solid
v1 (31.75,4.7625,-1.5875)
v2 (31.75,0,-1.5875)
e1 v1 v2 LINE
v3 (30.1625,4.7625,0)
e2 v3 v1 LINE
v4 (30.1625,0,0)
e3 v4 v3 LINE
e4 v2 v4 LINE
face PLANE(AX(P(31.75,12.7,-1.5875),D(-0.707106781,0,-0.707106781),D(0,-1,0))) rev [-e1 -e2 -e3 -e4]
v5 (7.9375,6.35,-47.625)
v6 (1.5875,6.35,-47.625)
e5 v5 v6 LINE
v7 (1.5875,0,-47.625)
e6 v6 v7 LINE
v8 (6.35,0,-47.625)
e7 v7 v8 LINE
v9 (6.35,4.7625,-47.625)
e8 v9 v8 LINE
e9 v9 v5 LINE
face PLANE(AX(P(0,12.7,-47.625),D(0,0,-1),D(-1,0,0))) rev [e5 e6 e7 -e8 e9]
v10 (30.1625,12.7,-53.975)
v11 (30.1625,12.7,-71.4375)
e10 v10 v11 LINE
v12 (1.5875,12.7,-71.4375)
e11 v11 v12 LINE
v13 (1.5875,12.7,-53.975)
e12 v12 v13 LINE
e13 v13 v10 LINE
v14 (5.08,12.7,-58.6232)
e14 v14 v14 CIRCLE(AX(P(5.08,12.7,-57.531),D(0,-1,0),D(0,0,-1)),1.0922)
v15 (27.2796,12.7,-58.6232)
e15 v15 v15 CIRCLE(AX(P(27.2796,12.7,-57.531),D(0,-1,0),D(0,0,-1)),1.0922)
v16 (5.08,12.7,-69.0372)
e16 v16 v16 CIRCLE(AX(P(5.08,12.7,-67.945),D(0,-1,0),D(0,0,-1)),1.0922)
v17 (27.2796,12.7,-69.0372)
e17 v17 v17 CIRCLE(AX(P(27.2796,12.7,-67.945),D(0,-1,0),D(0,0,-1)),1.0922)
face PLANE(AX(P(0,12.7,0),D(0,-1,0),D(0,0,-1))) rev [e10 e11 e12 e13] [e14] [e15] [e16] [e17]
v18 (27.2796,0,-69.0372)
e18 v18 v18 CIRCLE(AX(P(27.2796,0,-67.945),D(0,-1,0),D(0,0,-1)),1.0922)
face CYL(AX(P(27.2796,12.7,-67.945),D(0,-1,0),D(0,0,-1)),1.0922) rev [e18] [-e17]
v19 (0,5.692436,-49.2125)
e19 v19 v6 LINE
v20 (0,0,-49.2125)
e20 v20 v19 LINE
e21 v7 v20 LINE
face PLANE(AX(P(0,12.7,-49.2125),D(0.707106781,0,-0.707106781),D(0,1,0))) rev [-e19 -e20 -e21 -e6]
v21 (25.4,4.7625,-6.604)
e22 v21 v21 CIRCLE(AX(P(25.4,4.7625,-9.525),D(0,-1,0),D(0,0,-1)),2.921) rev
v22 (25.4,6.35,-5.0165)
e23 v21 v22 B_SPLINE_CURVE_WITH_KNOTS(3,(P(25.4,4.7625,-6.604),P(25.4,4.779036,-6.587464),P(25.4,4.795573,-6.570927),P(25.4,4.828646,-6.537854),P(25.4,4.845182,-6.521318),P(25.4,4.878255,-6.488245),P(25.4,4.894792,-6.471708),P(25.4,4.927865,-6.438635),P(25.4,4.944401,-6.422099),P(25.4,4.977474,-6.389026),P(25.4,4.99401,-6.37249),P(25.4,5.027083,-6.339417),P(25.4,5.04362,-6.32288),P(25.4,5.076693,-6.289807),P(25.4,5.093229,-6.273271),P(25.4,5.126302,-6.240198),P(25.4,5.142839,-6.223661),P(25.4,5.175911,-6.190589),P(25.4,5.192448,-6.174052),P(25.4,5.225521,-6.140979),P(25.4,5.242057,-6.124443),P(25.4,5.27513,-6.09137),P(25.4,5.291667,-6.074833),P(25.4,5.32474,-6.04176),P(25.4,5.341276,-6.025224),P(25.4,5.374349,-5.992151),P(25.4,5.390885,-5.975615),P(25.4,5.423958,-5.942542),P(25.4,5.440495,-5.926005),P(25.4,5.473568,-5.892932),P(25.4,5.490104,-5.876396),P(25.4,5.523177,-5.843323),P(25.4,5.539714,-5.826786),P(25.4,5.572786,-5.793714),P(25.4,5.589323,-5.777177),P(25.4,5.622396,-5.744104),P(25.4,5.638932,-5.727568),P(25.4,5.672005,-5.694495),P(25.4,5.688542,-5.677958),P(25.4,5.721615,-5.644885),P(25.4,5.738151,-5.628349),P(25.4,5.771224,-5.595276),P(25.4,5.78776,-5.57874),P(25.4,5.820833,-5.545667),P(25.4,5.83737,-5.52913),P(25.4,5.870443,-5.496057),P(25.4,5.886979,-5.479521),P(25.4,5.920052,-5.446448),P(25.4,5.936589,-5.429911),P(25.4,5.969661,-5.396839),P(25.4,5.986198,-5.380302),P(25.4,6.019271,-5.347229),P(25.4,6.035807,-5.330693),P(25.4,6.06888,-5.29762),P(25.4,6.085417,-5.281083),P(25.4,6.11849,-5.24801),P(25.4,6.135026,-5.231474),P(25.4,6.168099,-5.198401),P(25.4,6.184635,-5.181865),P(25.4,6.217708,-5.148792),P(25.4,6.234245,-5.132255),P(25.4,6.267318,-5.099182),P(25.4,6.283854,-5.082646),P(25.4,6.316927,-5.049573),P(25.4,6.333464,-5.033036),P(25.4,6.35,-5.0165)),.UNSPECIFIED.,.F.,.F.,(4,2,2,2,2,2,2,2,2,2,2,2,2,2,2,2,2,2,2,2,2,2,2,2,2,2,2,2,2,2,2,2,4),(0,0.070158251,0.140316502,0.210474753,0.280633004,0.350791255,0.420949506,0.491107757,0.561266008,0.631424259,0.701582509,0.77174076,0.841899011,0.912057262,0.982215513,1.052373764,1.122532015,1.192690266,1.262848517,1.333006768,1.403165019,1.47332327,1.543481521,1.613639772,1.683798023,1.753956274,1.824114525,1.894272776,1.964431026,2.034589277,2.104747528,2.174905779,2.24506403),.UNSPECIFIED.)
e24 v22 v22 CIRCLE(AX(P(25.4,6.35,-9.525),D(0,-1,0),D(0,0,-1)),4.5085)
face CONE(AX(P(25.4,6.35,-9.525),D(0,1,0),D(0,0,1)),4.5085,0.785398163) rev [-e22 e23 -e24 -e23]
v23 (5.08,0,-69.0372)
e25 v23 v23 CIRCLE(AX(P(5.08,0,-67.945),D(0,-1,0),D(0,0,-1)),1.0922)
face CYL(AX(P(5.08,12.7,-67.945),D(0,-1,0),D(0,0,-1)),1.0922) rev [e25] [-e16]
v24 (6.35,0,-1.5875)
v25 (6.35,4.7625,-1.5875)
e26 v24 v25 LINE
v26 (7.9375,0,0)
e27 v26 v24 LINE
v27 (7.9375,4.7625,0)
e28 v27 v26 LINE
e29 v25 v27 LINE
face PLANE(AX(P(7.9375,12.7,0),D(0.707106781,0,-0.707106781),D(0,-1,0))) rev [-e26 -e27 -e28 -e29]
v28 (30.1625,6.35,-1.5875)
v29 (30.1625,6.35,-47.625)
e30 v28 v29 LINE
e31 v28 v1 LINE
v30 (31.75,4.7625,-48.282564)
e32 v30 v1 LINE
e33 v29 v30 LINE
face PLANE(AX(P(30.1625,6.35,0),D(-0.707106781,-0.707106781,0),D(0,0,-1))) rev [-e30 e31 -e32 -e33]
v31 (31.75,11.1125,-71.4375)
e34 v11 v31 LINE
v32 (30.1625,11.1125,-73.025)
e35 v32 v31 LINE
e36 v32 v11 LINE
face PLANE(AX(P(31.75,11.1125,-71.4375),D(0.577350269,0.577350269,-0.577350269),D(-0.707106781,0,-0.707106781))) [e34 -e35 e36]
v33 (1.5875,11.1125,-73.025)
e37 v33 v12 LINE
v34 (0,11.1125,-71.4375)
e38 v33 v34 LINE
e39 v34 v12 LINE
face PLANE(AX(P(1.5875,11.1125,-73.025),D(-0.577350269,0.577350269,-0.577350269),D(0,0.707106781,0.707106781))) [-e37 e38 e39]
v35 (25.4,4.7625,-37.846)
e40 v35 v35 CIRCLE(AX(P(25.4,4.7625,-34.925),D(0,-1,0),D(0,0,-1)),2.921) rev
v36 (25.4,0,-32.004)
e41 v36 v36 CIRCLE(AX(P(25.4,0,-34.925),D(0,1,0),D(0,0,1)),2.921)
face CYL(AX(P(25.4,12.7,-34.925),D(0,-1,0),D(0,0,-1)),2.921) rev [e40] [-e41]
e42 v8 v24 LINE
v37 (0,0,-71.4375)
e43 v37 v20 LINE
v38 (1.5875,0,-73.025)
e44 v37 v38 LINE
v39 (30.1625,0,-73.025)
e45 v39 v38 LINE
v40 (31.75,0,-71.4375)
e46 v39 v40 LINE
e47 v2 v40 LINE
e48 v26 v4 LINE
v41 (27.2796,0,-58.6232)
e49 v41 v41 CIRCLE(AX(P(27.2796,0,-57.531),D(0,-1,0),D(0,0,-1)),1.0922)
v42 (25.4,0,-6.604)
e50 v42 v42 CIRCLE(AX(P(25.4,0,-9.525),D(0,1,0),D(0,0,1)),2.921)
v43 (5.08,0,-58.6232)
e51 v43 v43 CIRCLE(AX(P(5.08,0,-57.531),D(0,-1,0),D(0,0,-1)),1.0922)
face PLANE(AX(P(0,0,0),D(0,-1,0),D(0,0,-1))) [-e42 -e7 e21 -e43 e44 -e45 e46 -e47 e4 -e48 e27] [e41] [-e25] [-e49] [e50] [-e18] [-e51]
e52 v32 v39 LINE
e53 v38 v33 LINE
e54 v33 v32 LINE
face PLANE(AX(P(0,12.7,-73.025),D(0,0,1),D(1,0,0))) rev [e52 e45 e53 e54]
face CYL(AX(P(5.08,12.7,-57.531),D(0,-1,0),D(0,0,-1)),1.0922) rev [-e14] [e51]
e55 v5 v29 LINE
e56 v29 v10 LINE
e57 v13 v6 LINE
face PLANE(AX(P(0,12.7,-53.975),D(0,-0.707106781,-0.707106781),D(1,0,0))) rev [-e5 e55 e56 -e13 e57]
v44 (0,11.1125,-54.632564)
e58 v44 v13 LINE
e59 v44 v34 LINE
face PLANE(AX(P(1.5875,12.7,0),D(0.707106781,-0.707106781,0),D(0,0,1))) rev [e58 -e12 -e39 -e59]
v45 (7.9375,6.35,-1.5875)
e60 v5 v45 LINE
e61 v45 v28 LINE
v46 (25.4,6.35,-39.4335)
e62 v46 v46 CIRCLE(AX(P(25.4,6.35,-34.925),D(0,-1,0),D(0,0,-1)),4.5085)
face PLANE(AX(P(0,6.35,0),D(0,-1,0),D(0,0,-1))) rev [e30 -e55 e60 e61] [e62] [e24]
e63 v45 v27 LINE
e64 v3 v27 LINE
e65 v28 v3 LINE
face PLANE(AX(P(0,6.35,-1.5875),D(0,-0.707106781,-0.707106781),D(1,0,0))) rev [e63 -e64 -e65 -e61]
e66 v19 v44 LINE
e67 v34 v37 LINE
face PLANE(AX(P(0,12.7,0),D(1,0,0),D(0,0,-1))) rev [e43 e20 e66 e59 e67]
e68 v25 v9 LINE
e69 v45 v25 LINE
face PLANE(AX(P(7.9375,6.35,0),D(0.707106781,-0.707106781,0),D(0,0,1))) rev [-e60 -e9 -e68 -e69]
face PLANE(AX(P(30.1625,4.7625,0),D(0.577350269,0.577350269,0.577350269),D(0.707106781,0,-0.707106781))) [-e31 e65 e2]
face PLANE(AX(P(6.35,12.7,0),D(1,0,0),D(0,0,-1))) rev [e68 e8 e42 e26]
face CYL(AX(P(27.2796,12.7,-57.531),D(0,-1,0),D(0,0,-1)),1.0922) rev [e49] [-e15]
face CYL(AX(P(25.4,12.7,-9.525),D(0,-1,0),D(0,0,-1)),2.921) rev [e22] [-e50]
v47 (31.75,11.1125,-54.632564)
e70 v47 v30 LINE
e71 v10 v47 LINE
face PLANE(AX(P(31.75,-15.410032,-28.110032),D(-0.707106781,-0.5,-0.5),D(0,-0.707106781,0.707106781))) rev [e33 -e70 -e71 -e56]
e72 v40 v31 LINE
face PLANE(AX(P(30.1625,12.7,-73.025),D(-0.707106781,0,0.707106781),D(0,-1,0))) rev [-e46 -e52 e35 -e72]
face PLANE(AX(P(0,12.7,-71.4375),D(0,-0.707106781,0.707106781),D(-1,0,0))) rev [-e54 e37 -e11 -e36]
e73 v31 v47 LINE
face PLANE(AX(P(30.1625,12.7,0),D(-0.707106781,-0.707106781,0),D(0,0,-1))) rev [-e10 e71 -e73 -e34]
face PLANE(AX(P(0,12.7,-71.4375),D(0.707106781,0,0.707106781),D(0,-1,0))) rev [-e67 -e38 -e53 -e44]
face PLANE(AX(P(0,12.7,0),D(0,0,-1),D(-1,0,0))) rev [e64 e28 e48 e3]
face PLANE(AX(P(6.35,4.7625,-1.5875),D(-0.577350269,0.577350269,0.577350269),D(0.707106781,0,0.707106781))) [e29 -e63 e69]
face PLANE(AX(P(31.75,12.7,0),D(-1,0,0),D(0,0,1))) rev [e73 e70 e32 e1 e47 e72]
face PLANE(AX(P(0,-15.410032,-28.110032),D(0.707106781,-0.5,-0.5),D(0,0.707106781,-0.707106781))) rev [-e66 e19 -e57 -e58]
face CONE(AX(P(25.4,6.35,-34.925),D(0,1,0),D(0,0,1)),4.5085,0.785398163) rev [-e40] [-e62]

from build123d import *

# Parameters (mm, degrees)
SKETCH1_W           = 31.75
SKETCH1_H           = 73.025
SKETCH1_R           = 2.921
BOSS_EXTRUDE1_DEPTH = 12.7
SKETCH2_W           = 47.625
SKETCH2_H           = 6.35
CUT_EXTRUDE1_DEPTH  = 81.63499938
SKETCH3_R           = 1.0922
SKETCH3_W           = 6.35
SKETCH3_H           = 47.625
CUT_EXTRUDE2_DEPTH  = 81.63499938
CHAMFER1_SIZE       = 6.35
CHAMFER2_SIZE       = 1.5875


with BuildPart() as part:
    # Sketch1 → Boss-Extrude1 (new body)
    with BuildSketch(Plane(origin=(0, 0, 0), x_dir=(1, 0, 0), z_dir=(0, 1, 0))):
        with Locations((15.875, 36.5125)):
            Rectangle(SKETCH1_W, SKETCH1_H)
        with Locations(Location((25.4, 9.525, 0), (0, 0, 270))):
            Circle(SKETCH1_R, mode=Mode.SUBTRACT)
        with Locations(Location((25.4, 34.925, 0), (0, 0, 270))):
            Circle(SKETCH1_R, mode=Mode.SUBTRACT)
    extrude(amount=BOSS_EXTRUDE1_DEPTH)

    # Sketch2 → Cut-Extrude1 (cut, through all)
    with BuildSketch(Plane(origin=(31.75, 0, 0), x_dir=(0, 0, -1), z_dir=(1, 0, 0))):
        with Locations((23.8125, 9.525)):
            Rectangle(SKETCH2_W, SKETCH2_H)
    extrude(amount=-CUT_EXTRUDE1_DEPTH, mode=Mode.SUBTRACT)

    # Sketch3 → Cut-Extrude2 (cut, through all)
    with BuildSketch(Plane.XZ):
        with Locations(Location((27.2796, -57.531, 0), (0, 0, 270))):
            Circle(SKETCH3_R)
        with Locations(Location((5.08, -67.945, 0), (0, 0, 270))):
            Circle(SKETCH3_R)
        with Locations(Location((27.2796, -67.945, 0), (0, 0, 270))):
            Circle(SKETCH3_R)
        with Locations(Location((5.08, -57.531, 0), (0, 0, 270))):
            Circle(SKETCH3_R)
        with Locations((3.175, -23.8125)):
            Rectangle(SKETCH3_W, SKETCH3_H)
    extrude(amount=-CUT_EXTRUDE2_DEPTH, mode=Mode.SUBTRACT)

    # Chamfer1
    chamfer1_edges = [part.edges().sort_by_distance(p)[0] for p in [
        (15.875, 12.7, -47.625),
    ]]
    chamfer(chamfer1_edges, length=CHAMFER1_SIZE)

    # Chamfer2
    chamfer2_edges = [part.edges().sort_by_distance(p)[0] for p in [
        (15.875, 12.7, -73.025),
        (31.75, 3.175, 0),
        (25.4, 6.35, -12.446),
        (25.4, 6.35, -37.846),
        (0, 3.175, -47.625),
        (31.75, 6.35, -23.8125),
        (19.05, 6.35, 0),
        (6.35, 6.35, -23.8125),
        (0, 12.7, -63.5),
        (6.35, 3.175, 0),
        (0, 6.35, -73.025),
        (31.75, 6.35, -73.025),
        (31.75, 12.7, -63.5),
        (31.75, 9.525, -50.8),
        (0, 9.525, -50.8),
    ]]
    chamfer(chamfer2_edges, length=CHAMFER2_SIZE)


solid = part.part
